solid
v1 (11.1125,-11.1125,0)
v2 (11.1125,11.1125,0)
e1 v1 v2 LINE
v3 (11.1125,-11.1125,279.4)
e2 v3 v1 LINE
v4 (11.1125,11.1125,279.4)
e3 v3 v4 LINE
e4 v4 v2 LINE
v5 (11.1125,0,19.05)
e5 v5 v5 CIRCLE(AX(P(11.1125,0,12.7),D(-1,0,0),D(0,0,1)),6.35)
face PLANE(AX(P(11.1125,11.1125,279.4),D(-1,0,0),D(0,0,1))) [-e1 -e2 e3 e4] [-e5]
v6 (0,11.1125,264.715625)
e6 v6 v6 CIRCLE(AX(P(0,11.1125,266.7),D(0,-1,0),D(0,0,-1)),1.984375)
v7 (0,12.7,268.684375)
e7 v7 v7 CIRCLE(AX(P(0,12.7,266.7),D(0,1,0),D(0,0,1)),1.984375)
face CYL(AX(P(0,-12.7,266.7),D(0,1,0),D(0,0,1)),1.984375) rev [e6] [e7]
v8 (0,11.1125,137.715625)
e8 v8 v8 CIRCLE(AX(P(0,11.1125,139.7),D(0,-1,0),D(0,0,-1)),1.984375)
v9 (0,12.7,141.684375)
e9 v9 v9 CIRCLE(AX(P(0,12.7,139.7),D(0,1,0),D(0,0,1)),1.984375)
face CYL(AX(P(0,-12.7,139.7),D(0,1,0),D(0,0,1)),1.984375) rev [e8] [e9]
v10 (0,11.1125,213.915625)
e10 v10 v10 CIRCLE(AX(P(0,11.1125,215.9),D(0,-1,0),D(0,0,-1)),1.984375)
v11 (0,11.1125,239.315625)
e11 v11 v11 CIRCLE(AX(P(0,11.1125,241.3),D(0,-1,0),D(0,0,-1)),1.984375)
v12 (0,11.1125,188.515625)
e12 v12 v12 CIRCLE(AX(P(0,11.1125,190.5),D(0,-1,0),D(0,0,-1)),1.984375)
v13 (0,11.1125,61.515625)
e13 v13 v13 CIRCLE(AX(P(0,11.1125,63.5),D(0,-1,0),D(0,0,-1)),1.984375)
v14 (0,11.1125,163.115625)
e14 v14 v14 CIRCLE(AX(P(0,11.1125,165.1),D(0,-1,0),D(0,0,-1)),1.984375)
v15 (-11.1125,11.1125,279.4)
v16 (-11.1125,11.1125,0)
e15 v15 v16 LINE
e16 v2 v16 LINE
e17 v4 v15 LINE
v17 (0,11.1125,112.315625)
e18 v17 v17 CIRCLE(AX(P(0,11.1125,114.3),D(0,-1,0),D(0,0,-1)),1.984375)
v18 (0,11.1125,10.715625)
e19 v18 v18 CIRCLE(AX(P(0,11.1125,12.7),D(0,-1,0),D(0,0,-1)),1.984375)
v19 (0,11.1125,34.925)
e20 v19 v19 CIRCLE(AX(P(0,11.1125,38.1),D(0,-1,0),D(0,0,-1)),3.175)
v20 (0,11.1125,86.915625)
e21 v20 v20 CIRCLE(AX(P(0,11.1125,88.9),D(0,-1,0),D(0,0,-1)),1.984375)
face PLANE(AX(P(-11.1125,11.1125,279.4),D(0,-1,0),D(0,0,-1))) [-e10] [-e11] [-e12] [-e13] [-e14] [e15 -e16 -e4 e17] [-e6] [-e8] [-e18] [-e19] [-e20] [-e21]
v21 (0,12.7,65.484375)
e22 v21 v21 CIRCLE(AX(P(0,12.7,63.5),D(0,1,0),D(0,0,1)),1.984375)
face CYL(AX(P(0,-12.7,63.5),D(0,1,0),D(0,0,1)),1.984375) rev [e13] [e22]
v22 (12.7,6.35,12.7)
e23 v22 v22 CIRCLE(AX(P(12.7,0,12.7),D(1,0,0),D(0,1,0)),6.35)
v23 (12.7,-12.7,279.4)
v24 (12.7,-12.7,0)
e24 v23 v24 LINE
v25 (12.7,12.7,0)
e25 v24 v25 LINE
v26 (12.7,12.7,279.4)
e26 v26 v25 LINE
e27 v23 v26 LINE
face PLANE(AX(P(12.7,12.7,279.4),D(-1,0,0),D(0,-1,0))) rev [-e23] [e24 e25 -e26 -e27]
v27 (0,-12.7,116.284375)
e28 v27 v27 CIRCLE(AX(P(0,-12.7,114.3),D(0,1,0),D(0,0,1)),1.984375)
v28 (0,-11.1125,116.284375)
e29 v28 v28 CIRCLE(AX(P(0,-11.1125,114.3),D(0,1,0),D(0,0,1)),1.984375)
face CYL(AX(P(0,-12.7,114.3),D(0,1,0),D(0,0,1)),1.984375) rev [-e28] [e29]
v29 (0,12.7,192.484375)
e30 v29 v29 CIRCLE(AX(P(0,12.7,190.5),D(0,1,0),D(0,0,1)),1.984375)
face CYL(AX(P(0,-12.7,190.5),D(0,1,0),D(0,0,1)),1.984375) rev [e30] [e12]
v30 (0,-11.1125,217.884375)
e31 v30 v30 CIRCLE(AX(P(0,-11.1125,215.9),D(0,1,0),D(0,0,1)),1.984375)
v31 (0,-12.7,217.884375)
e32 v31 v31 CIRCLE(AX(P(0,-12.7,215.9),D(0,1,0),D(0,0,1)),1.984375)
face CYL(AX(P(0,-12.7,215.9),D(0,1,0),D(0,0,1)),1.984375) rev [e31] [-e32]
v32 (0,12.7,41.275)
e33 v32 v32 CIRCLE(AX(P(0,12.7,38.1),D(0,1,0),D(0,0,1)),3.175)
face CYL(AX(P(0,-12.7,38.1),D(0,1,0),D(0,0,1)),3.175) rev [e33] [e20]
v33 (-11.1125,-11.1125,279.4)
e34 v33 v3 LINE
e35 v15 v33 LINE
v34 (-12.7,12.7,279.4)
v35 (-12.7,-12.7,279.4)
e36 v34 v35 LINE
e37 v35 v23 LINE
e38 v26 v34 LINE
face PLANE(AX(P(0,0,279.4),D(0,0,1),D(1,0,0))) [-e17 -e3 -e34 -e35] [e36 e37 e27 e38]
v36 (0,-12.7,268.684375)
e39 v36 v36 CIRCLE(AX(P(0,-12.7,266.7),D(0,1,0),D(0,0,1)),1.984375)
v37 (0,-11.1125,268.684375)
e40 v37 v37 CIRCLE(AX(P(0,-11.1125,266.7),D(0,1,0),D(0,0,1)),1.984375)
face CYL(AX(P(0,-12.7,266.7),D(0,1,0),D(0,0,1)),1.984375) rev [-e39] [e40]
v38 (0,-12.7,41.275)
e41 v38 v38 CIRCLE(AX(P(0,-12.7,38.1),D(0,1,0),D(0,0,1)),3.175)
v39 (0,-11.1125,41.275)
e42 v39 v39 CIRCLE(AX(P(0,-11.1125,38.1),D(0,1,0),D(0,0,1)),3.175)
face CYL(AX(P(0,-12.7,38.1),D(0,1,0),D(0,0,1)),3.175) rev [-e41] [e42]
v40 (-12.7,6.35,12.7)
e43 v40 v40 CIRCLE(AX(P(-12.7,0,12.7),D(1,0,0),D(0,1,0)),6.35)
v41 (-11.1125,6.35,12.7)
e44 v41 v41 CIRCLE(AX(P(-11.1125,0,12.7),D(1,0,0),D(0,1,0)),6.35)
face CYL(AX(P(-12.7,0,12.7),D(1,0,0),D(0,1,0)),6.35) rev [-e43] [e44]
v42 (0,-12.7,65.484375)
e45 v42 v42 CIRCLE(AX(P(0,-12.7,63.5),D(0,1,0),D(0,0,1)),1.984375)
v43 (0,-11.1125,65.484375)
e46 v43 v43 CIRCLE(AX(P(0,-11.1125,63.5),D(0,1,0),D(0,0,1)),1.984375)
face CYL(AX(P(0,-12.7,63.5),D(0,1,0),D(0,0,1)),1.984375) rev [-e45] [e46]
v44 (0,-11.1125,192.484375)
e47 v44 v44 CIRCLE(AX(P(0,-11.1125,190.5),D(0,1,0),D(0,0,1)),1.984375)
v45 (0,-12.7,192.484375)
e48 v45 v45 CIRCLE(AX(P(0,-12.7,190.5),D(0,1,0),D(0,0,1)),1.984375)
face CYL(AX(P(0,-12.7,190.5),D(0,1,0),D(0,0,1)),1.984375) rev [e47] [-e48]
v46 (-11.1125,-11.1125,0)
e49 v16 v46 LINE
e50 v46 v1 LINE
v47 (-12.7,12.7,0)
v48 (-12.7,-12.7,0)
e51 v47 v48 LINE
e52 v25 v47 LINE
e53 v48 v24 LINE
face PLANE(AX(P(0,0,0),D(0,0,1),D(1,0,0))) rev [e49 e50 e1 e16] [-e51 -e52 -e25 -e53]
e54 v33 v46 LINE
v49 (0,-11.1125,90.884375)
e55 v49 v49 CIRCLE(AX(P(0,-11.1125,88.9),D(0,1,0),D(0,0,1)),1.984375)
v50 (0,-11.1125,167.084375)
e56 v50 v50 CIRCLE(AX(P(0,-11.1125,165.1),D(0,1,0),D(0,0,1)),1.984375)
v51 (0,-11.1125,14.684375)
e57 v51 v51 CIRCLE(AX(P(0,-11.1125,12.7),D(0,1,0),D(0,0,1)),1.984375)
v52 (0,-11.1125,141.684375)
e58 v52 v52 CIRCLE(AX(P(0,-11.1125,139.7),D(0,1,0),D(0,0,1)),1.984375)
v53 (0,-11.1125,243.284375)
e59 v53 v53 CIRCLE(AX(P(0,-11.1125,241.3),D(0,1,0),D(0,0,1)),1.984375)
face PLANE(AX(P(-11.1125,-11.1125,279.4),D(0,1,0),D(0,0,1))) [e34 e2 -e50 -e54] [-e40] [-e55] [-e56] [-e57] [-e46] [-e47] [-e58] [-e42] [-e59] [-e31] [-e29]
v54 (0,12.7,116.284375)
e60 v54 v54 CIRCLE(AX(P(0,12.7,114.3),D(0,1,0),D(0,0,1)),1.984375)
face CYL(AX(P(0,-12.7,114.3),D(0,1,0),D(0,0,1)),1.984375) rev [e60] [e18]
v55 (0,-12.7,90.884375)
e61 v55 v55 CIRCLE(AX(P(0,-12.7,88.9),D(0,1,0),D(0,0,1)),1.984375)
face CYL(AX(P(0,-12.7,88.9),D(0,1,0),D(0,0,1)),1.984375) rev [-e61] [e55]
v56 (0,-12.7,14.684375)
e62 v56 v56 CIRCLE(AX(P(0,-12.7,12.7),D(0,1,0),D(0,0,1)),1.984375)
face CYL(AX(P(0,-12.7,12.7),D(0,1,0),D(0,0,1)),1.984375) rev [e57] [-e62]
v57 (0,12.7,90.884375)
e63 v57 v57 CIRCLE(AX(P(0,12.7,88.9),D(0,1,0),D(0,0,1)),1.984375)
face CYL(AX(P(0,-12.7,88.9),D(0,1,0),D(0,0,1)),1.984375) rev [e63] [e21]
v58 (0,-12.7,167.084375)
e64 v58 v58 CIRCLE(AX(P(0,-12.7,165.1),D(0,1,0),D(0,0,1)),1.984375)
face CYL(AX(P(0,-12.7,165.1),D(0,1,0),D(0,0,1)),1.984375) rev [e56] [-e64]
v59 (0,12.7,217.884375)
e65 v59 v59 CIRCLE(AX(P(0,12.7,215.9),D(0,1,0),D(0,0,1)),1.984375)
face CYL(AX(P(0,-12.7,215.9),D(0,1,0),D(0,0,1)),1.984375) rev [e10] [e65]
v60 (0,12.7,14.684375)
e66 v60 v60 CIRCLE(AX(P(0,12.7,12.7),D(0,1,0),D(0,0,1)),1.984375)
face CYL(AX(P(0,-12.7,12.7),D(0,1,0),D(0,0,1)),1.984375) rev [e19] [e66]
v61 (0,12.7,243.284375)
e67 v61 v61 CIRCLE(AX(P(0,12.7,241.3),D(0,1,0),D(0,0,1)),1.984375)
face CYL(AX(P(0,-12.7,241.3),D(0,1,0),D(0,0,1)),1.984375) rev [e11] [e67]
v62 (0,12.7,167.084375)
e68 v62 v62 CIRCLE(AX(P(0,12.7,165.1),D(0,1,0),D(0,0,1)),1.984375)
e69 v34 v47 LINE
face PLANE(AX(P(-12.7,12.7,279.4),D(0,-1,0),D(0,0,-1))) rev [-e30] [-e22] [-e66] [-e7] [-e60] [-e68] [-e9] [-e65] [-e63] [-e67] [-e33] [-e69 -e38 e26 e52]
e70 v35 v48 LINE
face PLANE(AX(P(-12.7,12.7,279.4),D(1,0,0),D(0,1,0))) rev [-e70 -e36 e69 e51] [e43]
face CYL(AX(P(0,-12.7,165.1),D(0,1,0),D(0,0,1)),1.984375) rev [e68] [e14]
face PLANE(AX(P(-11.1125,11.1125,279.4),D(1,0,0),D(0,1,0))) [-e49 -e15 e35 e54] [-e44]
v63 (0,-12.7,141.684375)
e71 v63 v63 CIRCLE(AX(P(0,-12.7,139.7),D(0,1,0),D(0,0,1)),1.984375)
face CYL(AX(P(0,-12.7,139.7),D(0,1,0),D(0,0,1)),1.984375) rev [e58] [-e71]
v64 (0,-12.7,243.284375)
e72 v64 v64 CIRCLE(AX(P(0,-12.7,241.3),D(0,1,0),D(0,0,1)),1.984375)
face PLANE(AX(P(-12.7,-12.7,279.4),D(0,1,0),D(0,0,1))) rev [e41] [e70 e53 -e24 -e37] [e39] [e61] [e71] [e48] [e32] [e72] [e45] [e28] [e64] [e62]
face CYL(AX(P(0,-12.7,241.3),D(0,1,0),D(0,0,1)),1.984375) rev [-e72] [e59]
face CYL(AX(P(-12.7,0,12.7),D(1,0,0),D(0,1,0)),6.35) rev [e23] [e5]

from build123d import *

# Parameters (mm, degrees)
SKETCH1_W           = 25.4
SKETCH1_H           = 25.4
SKETCH1_W_2         = 22.225
SKETCH1_H_2         = 22.225
BOSS_EXTRUDE1_DEPTH = 279.4
SKETCH2_R           = 1.984375
CUT_EXTRUDE1_DEPTH  = 26.4
SKETCH3_R           = 3.175
CUT_EXTRUDE2_DEPTH  = 26.4
SKETCH4_R           = 6.35
CUT_EXTRUDE3_DEPTH  = 26.4


with BuildPart() as part:
    # Sketch1 → Boss-Extrude1 (new body)
    with BuildSketch(Plane.XY):
        Rectangle(SKETCH1_W, SKETCH1_H)
        Rectangle(SKETCH1_W_2, SKETCH1_H_2, mode=Mode.SUBTRACT)
    extrude(amount=BOSS_EXTRUDE1_DEPTH)

    # Sketch2 → Cut-Extrude1 (cut, through all)
    with BuildSketch(Plane(origin=(0, 12.7, 0), x_dir=(1, 0, 0), z_dir=(0, 1, 0))):
        with Locations((0, -266.7)):
            Circle(SKETCH2_R)
        with Locations((0, -241.3)):
            Circle(SKETCH2_R)
        with Locations((0, -215.9)):
            Circle(SKETCH2_R)
        with Locations((0, -190.5)):
            Circle(SKETCH2_R)
        with Locations((0, -165.1)):
            Circle(SKETCH2_R)
        with Locations((0, -139.7)):
            Circle(SKETCH2_R)
        with Locations((0, -114.3)):
            Circle(SKETCH2_R)
        with Locations((0, -88.9)):
            Circle(SKETCH2_R)
        with Locations((0, -63.5)):
            Circle(SKETCH2_R)
        with Locations((0, -38.1)):
            Circle(SKETCH2_R)
        with Locations((0, -12.7)):
            Circle(SKETCH2_R)
        with Locations((0, 12.7)):
            Circle(SKETCH2_R)
    extrude(amount=-CUT_EXTRUDE1_DEPTH, mode=Mode.SUBTRACT)

    # Sketch3 → Cut-Extrude2 (cut, through all)
    with BuildSketch(Plane(origin=(0, 12.7, 0), x_dir=(1, 0, 0), z_dir=(0, 1, 0))):
        with Locations((0, -38.1)):
            Circle(SKETCH3_R)
    extrude(amount=-CUT_EXTRUDE2_DEPTH, mode=Mode.SUBTRACT)

    # Sketch4 → Cut-Extrude3 (cut, through all)
    with BuildSketch(Plane(origin=(12.7, 0, 0), x_dir=(0, 0, -1), z_dir=(1, 0, 0))):
        with Locations((-12.7, 0)):
            Circle(SKETCH4_R)
    extrude(amount=-CUT_EXTRUDE3_DEPTH, mode=Mode.SUBTRACT)


solid = part.part
